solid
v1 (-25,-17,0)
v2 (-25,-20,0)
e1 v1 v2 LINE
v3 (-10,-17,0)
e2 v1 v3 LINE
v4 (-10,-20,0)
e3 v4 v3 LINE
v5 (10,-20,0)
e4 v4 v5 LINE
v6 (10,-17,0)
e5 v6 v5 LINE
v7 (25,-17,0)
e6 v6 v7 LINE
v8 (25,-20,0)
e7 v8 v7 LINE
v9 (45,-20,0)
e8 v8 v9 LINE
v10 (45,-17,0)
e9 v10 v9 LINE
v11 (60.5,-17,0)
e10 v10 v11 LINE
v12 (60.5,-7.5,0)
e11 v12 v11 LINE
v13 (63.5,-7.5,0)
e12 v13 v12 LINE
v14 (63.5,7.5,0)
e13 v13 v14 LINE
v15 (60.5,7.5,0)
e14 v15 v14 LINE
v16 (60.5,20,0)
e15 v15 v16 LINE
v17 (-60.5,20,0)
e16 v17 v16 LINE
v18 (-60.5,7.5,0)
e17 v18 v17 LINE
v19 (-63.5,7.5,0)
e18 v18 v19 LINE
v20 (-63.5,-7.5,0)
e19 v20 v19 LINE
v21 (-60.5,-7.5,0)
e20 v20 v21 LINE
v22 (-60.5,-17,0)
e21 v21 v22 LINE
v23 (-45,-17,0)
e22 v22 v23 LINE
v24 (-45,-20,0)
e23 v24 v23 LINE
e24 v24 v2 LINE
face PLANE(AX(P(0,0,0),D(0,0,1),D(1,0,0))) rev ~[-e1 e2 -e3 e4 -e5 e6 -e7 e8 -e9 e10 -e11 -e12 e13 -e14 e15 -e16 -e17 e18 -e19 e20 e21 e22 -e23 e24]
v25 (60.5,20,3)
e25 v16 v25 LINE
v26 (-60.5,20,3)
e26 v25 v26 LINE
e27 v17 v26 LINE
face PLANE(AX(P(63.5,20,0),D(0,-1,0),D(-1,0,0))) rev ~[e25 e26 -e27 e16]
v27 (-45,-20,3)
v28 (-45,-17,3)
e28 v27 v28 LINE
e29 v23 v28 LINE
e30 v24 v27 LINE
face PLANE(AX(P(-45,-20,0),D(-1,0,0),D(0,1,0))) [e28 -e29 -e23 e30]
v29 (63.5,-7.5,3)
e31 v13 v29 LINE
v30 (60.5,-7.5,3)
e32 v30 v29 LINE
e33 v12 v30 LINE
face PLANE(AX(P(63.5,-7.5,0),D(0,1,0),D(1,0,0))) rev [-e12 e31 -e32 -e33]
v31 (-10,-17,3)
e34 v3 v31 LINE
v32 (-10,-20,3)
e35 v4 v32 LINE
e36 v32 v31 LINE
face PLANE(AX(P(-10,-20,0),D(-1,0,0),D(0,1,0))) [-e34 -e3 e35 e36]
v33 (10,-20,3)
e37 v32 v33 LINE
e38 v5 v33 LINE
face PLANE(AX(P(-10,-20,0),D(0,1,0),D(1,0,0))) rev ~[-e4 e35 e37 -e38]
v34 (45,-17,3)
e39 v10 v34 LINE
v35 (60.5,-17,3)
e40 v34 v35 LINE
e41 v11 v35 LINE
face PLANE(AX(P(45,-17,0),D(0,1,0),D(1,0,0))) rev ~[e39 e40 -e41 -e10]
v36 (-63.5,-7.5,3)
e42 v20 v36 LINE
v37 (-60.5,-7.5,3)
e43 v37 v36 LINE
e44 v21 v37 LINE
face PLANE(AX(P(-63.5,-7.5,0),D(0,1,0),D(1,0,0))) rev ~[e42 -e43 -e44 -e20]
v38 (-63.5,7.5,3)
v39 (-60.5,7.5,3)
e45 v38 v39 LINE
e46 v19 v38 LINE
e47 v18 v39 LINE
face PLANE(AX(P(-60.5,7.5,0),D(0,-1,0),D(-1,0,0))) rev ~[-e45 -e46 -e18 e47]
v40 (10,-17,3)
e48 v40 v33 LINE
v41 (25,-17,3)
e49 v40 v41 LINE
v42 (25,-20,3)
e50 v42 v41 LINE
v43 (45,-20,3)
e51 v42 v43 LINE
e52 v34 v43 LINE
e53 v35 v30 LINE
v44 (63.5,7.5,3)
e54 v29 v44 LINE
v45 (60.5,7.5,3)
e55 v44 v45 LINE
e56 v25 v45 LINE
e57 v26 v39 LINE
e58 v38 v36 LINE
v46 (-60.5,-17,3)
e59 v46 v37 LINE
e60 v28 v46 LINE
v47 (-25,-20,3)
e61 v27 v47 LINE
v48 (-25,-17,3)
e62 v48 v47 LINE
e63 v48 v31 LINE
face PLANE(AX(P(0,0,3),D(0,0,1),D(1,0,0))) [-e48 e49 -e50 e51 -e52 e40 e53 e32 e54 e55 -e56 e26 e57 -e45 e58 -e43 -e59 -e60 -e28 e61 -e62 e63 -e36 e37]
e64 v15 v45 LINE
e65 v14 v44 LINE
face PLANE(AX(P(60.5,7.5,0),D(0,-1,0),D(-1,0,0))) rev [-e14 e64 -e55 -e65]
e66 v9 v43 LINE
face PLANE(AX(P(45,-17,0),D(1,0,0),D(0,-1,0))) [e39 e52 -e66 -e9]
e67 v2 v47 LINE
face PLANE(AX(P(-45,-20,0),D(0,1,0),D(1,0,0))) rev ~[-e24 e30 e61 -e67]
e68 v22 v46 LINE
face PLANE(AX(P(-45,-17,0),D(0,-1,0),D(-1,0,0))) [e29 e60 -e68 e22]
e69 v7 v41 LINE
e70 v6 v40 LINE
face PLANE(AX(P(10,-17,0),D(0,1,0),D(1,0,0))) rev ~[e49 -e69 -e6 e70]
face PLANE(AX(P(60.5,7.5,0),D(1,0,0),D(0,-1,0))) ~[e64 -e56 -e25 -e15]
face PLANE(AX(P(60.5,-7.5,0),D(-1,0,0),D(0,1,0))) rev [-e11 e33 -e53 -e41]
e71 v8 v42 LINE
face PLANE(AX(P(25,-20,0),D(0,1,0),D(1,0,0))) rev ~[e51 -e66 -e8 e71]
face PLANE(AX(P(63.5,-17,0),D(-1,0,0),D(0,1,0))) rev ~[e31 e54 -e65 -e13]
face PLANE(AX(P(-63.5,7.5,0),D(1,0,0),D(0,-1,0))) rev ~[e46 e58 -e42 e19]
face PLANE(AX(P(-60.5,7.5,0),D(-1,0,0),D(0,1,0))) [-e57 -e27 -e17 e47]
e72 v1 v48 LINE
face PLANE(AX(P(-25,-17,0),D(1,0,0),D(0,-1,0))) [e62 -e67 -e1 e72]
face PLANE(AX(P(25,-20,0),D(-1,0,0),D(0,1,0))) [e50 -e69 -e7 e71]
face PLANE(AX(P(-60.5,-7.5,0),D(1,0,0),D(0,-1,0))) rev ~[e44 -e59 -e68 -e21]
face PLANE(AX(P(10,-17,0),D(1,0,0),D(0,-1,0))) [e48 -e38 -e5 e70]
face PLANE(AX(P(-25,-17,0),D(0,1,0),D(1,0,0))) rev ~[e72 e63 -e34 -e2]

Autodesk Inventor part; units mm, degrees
ref_plane "YZ Plane" through (0, 0, 0) normal (1, 0, 0) x (0, 1, 0)
ref_plane "XZ Plane" through (0, 0, 0) normal (0, 1, 0) x (-1, 0, 0)
ref_plane "XY Plane" through (0, 0, 0) normal (0, 0, 1) x (1, 0, 0)
sketch "Sketch1" plane through (0, 0, 0) normal (0, 0, 1) x (1, 0, 0)
  line L0 (-63.5, -20) -> (63.5, -20)
  line L1 (63.5, -20) -> (63.5, 20)
  line L2 (63.5, 20) -> (-63.5, 20)
  line L3 (-63.5, 20) -> (-63.5, -20)
  line L4 (-63.5, -20) -> (63.5, 20) construction
  line L5 (63.5, -20) -> (-63.5, 20) construction
  line L6 (-45, -17) -> (-25, -17) construction
  line L7 (-25, -17) -> (-25, -20)
  line L8 (-25, -20) -> (-45, -20)
  line L9 (-45, -20) -> (-45, -17)
  line L10 (-45, -17) -> (-25, -20) construction
  line L11 (-25, -17) -> (-45, -20) construction
  line L12 (-10, -17) -> (10, -17) construction
  line L13 (10, -17) -> (10, -20)
  line L14 (10, -20) -> (-10, -20)
  line L15 (-10, -20) -> (-10, -17)
  line L16 (-10, -17) -> (10, -20) construction
  line L17 (10, -17) -> (-10, -20) construction
  line L18 (25, -17) -> (45, -17) construction
  line L19 (45, -17) -> (45, -20)
  line L20 (45, -20) -> (25, -20)
  line L21 (25, -20) -> (25, -17)
  line L22 (25, -17) -> (45, -20) construction
  line L23 (45, -17) -> (25, -20) construction
  line L24 (-45, -17) -> (-63.5, -17)
  line L25 (-25, -17) -> (-10, -17)
  line L26 (10, -17) -> (25, -17)
  line L27 (45, -17) -> (63.5, -17)
  line L28 (-63.5, -7.5) -> (-60.5, -7.5)
  line L29 (-60.5, -7.5) -> (-60.5, 7.5) construction
  line L30 (-60.5, 7.5) -> (-63.5, 7.5)
  line L31 (-63.5, 7.5) -> (-63.5, -7.5)
  line L32 (-63.5, -7.5) -> (-60.5, 7.5) construction
  line L33 (-60.5, -7.5) -> (-63.5, 7.5) construction
  line L34 (-60.5, 7.5) -> (-60.5, 20)
  line L35 (-60.5, -7.5) -> (-60.5, -17)
  point P0 (0, 0)
  point P1 (-35, -18.5)
  point P2 (0, -18.5)
  point P3 (35, -18.5)
  point P4 (0, -20)
  point P5 (-62, 0)
  point P6 (-63.5, 0)
  point P7 (-63.5, -7.5)
  dimension "d0" = 127
  dimension "d1" = 40
  dimension "d2" = 20
  dimension "d3" = 3
  dimension "d4" = 20
  dimension "d5" = 3
  dimension "d6" = 20
  dimension "d7" = 3
  dimension "d8" = 35
  dimension "d9" = 35
  dimension "d10" = 15
  dimension "d11" = 3
extrude "Extrusion1" add sketch "Sketch1" along normal blind 3 contours L9 L24 L35 L28 L3 L30 L34 L2 L1 L27 L19 L0 L21 L26 L13 L15 L25 L7 | L3 L28 L35 L24 | L3 L2 L34 L30
extrude "Extrusion2" cut sketch "Sketch1" along normal through all contours L3 L28 L35 L24 | L3 L2 L34 L30
mirror "Mirror1" about plane through (0, 0, 0) normal (1, 0, 0) of "Extrusion2"
equation "\"d4\" = d2"
equation "\"d5\" = d3"
equation "\"d6\" = d2"
equation "\"d7\" = d5"
equation "\"d9\" = d8"
equation "\"d11\" = d3"
properties part number "bed_acrylic_lower_front"
